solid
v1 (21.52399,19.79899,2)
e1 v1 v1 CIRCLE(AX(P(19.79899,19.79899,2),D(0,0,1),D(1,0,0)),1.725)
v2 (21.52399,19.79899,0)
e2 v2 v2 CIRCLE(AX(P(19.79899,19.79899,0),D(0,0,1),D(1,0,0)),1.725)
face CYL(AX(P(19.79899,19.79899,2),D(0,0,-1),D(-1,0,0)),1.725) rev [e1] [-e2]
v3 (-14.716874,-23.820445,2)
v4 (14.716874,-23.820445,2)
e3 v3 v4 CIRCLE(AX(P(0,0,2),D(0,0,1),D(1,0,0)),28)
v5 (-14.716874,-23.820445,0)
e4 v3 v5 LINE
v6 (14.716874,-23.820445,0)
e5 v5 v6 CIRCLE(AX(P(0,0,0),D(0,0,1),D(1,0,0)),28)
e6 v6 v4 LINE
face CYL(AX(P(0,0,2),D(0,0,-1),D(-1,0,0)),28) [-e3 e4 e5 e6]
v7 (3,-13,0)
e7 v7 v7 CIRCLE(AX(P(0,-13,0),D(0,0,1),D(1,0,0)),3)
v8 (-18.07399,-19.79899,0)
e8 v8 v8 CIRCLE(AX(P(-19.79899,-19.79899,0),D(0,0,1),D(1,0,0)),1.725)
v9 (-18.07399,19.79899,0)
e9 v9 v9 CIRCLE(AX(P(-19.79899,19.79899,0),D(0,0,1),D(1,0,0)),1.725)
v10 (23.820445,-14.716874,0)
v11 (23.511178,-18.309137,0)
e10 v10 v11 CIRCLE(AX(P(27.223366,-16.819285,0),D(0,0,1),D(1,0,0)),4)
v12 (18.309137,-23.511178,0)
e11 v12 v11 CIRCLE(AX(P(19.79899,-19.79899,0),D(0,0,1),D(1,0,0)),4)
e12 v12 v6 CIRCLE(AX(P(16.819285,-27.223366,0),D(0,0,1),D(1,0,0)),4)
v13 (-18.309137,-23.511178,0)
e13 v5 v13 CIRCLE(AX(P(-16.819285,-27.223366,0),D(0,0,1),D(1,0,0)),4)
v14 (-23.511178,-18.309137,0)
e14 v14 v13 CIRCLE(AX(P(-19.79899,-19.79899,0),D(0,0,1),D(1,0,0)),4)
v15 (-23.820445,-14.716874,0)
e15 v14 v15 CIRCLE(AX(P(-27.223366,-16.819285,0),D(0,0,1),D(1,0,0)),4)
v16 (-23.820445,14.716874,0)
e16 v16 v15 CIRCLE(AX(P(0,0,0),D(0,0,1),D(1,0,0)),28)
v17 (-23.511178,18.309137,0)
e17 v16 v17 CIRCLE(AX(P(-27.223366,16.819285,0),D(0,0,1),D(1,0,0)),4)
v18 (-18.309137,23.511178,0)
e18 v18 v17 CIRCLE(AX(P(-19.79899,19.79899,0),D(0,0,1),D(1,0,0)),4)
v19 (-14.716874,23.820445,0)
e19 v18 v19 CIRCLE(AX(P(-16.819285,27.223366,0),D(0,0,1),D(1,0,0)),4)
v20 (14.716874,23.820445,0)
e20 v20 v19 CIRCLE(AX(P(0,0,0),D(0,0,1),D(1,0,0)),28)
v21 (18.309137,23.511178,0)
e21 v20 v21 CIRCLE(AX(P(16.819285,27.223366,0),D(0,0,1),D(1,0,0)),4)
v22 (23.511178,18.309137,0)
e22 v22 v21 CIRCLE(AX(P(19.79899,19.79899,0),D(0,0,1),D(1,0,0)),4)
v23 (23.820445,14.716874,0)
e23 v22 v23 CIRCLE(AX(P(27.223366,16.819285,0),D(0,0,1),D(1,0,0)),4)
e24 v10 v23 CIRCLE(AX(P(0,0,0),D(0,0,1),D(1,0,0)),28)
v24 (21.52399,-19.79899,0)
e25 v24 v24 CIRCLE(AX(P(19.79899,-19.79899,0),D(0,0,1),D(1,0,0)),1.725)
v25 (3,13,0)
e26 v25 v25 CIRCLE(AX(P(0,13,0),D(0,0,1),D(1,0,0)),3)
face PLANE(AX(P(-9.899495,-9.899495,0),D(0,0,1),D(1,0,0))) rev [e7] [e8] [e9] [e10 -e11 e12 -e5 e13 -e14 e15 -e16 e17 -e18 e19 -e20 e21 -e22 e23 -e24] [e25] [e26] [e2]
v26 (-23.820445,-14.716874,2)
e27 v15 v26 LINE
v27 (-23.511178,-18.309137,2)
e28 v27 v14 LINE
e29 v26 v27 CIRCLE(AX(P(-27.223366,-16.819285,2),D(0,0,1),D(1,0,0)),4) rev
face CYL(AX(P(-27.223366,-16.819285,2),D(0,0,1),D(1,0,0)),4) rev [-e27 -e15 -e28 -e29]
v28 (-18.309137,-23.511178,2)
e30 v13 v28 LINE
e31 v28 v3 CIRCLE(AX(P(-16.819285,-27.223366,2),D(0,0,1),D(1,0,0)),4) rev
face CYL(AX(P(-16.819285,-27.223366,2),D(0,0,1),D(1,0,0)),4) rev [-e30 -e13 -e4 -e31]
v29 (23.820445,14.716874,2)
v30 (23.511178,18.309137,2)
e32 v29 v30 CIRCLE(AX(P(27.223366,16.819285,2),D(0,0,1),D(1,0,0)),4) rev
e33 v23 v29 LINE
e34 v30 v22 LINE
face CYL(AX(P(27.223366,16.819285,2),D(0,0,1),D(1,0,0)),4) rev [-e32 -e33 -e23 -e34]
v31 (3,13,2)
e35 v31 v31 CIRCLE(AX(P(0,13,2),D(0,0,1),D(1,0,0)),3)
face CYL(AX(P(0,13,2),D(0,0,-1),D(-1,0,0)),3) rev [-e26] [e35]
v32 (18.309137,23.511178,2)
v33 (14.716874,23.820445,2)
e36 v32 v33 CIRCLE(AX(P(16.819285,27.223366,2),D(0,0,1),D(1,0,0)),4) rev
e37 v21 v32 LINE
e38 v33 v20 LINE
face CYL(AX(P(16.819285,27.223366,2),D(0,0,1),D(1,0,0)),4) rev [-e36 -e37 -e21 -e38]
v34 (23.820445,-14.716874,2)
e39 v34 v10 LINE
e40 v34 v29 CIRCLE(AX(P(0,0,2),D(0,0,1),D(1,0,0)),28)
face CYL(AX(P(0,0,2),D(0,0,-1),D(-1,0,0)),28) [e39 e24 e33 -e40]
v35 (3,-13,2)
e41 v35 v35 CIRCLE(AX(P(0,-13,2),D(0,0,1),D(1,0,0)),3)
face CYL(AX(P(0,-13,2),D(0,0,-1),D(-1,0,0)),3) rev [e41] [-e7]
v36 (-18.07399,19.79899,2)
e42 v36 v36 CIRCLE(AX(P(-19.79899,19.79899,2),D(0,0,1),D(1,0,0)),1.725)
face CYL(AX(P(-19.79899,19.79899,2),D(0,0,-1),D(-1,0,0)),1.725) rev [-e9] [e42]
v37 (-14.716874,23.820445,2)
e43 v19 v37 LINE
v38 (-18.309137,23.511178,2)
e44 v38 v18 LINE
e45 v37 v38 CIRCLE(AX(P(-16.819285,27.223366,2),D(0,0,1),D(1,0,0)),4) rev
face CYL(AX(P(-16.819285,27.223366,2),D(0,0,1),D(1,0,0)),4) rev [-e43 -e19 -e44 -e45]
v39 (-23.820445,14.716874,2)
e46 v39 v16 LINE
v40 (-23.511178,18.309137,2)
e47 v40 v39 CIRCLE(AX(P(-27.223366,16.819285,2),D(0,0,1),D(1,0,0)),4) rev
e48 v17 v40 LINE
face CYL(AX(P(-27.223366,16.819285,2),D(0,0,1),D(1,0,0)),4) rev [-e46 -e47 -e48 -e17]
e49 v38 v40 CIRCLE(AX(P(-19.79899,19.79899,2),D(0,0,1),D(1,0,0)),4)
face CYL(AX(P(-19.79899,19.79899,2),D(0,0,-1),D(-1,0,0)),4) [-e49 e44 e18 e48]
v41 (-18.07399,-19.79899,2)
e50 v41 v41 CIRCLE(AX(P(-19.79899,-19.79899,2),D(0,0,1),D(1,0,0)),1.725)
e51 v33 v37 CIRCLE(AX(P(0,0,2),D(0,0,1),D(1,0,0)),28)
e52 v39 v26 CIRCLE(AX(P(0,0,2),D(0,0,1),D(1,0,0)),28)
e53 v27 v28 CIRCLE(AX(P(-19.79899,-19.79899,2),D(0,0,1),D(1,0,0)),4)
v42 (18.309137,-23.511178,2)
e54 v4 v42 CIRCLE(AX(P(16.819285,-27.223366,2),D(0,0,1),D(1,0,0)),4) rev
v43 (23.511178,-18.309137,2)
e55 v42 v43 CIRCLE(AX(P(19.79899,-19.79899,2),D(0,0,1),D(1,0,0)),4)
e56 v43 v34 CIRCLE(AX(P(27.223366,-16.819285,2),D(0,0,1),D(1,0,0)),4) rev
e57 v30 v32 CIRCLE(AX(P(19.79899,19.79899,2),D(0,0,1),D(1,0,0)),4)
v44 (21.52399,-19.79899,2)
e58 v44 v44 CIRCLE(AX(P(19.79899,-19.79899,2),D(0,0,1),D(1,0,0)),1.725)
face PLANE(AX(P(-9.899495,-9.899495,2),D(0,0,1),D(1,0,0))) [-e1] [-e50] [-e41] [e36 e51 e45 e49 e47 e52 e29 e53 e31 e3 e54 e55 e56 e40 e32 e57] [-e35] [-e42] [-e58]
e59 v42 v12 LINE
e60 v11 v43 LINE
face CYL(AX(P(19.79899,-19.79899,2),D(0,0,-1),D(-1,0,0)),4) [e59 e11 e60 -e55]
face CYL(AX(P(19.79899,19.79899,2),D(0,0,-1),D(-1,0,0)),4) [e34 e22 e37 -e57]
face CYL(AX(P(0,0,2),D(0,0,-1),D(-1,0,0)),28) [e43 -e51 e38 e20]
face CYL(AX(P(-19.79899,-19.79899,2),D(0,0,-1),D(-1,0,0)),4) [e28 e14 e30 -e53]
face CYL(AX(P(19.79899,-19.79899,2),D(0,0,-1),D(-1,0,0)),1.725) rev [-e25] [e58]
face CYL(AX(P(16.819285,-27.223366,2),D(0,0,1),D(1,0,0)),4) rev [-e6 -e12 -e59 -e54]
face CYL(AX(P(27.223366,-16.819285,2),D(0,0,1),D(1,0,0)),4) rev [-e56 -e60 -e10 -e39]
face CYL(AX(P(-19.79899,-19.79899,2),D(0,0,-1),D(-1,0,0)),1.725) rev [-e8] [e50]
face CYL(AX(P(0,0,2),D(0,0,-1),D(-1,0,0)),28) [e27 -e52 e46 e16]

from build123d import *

# Parameters (mm, degrees)
SKETCH1_R           = 1.725
SKETCH1_R_2         = 3
BOSS_EXTRUDE1_DEPTH = 2
FILLET1_R           = 4


with BuildPart() as part:
    # Sketch1 → Boss-Extrude1 (new body)
    with BuildSketch(Plane.XY):
        with BuildLine():
            ThreePointArc((16.775756842, 22.418161887), (0, 28), (-16.775756842, 22.418161887))
            ThreePointArc((-16.775756842, 22.418161887), (-22.627416998, 22.627416998), (-22.418161887, 16.775756842))
            ThreePointArc((-22.418161887, 16.775756842), (-28, 0), (-22.418161887, -16.775756842))
            ThreePointArc((-22.418161887, -16.775756842), (-22.627416998, -22.627416998), (-16.775756842, -22.418161887))
            ThreePointArc((-16.775756842, -22.418161887), (0, -28), (16.775756842, -22.418161887))
            ThreePointArc((16.775756842, -22.418161887), (22.627416998, -22.627416998), (22.418161887, -16.775756842))
            ThreePointArc((22.418161887, -16.775756842), (28, 0), (22.418161887, 16.775756842))
            ThreePointArc((22.418161887, 16.775756842), (22.627416998, 22.627416998), (16.775756842, 22.418161887))
        make_face()
        with Locations((19.798989873, 19.798989873)):
            Circle(SKETCH1_R, mode=Mode.SUBTRACT)
        with Locations((-19.798989873, 19.798989873)):
            Circle(SKETCH1_R, mode=Mode.SUBTRACT)
        with Locations((-19.798989873, -19.798989873)):
            Circle(SKETCH1_R, mode=Mode.SUBTRACT)
        with Locations((19.798989873, -19.798989873)):
            Circle(SKETCH1_R, mode=Mode.SUBTRACT)
        with Locations((0, 13)):
            Circle(SKETCH1_R_2, mode=Mode.SUBTRACT)
        with Locations((0, -13)):
            Circle(SKETCH1_R_2, mode=Mode.SUBTRACT)
    extrude(amount=BOSS_EXTRUDE1_DEPTH)

    # Fillet1
    fillet1_edges = [part.edges().sort_by_distance(p)[0] for p in [
        (-22.418161887, 16.775756842, 1),
        (-16.775756842, 22.418161887, 1),
        (16.775756842, 22.418161887, 1),
        (22.418161887, 16.775756842, 1),
        (22.418161887, -16.775756842, 1),
        (16.775756842, -22.418161887, 1),
        (-16.775756842, -22.418161887, 1),
        (-22.418161887, -16.775756842, 1),
    ]]
    fillet(fillet1_edges, radius=FILLET1_R)


solid = part.part
